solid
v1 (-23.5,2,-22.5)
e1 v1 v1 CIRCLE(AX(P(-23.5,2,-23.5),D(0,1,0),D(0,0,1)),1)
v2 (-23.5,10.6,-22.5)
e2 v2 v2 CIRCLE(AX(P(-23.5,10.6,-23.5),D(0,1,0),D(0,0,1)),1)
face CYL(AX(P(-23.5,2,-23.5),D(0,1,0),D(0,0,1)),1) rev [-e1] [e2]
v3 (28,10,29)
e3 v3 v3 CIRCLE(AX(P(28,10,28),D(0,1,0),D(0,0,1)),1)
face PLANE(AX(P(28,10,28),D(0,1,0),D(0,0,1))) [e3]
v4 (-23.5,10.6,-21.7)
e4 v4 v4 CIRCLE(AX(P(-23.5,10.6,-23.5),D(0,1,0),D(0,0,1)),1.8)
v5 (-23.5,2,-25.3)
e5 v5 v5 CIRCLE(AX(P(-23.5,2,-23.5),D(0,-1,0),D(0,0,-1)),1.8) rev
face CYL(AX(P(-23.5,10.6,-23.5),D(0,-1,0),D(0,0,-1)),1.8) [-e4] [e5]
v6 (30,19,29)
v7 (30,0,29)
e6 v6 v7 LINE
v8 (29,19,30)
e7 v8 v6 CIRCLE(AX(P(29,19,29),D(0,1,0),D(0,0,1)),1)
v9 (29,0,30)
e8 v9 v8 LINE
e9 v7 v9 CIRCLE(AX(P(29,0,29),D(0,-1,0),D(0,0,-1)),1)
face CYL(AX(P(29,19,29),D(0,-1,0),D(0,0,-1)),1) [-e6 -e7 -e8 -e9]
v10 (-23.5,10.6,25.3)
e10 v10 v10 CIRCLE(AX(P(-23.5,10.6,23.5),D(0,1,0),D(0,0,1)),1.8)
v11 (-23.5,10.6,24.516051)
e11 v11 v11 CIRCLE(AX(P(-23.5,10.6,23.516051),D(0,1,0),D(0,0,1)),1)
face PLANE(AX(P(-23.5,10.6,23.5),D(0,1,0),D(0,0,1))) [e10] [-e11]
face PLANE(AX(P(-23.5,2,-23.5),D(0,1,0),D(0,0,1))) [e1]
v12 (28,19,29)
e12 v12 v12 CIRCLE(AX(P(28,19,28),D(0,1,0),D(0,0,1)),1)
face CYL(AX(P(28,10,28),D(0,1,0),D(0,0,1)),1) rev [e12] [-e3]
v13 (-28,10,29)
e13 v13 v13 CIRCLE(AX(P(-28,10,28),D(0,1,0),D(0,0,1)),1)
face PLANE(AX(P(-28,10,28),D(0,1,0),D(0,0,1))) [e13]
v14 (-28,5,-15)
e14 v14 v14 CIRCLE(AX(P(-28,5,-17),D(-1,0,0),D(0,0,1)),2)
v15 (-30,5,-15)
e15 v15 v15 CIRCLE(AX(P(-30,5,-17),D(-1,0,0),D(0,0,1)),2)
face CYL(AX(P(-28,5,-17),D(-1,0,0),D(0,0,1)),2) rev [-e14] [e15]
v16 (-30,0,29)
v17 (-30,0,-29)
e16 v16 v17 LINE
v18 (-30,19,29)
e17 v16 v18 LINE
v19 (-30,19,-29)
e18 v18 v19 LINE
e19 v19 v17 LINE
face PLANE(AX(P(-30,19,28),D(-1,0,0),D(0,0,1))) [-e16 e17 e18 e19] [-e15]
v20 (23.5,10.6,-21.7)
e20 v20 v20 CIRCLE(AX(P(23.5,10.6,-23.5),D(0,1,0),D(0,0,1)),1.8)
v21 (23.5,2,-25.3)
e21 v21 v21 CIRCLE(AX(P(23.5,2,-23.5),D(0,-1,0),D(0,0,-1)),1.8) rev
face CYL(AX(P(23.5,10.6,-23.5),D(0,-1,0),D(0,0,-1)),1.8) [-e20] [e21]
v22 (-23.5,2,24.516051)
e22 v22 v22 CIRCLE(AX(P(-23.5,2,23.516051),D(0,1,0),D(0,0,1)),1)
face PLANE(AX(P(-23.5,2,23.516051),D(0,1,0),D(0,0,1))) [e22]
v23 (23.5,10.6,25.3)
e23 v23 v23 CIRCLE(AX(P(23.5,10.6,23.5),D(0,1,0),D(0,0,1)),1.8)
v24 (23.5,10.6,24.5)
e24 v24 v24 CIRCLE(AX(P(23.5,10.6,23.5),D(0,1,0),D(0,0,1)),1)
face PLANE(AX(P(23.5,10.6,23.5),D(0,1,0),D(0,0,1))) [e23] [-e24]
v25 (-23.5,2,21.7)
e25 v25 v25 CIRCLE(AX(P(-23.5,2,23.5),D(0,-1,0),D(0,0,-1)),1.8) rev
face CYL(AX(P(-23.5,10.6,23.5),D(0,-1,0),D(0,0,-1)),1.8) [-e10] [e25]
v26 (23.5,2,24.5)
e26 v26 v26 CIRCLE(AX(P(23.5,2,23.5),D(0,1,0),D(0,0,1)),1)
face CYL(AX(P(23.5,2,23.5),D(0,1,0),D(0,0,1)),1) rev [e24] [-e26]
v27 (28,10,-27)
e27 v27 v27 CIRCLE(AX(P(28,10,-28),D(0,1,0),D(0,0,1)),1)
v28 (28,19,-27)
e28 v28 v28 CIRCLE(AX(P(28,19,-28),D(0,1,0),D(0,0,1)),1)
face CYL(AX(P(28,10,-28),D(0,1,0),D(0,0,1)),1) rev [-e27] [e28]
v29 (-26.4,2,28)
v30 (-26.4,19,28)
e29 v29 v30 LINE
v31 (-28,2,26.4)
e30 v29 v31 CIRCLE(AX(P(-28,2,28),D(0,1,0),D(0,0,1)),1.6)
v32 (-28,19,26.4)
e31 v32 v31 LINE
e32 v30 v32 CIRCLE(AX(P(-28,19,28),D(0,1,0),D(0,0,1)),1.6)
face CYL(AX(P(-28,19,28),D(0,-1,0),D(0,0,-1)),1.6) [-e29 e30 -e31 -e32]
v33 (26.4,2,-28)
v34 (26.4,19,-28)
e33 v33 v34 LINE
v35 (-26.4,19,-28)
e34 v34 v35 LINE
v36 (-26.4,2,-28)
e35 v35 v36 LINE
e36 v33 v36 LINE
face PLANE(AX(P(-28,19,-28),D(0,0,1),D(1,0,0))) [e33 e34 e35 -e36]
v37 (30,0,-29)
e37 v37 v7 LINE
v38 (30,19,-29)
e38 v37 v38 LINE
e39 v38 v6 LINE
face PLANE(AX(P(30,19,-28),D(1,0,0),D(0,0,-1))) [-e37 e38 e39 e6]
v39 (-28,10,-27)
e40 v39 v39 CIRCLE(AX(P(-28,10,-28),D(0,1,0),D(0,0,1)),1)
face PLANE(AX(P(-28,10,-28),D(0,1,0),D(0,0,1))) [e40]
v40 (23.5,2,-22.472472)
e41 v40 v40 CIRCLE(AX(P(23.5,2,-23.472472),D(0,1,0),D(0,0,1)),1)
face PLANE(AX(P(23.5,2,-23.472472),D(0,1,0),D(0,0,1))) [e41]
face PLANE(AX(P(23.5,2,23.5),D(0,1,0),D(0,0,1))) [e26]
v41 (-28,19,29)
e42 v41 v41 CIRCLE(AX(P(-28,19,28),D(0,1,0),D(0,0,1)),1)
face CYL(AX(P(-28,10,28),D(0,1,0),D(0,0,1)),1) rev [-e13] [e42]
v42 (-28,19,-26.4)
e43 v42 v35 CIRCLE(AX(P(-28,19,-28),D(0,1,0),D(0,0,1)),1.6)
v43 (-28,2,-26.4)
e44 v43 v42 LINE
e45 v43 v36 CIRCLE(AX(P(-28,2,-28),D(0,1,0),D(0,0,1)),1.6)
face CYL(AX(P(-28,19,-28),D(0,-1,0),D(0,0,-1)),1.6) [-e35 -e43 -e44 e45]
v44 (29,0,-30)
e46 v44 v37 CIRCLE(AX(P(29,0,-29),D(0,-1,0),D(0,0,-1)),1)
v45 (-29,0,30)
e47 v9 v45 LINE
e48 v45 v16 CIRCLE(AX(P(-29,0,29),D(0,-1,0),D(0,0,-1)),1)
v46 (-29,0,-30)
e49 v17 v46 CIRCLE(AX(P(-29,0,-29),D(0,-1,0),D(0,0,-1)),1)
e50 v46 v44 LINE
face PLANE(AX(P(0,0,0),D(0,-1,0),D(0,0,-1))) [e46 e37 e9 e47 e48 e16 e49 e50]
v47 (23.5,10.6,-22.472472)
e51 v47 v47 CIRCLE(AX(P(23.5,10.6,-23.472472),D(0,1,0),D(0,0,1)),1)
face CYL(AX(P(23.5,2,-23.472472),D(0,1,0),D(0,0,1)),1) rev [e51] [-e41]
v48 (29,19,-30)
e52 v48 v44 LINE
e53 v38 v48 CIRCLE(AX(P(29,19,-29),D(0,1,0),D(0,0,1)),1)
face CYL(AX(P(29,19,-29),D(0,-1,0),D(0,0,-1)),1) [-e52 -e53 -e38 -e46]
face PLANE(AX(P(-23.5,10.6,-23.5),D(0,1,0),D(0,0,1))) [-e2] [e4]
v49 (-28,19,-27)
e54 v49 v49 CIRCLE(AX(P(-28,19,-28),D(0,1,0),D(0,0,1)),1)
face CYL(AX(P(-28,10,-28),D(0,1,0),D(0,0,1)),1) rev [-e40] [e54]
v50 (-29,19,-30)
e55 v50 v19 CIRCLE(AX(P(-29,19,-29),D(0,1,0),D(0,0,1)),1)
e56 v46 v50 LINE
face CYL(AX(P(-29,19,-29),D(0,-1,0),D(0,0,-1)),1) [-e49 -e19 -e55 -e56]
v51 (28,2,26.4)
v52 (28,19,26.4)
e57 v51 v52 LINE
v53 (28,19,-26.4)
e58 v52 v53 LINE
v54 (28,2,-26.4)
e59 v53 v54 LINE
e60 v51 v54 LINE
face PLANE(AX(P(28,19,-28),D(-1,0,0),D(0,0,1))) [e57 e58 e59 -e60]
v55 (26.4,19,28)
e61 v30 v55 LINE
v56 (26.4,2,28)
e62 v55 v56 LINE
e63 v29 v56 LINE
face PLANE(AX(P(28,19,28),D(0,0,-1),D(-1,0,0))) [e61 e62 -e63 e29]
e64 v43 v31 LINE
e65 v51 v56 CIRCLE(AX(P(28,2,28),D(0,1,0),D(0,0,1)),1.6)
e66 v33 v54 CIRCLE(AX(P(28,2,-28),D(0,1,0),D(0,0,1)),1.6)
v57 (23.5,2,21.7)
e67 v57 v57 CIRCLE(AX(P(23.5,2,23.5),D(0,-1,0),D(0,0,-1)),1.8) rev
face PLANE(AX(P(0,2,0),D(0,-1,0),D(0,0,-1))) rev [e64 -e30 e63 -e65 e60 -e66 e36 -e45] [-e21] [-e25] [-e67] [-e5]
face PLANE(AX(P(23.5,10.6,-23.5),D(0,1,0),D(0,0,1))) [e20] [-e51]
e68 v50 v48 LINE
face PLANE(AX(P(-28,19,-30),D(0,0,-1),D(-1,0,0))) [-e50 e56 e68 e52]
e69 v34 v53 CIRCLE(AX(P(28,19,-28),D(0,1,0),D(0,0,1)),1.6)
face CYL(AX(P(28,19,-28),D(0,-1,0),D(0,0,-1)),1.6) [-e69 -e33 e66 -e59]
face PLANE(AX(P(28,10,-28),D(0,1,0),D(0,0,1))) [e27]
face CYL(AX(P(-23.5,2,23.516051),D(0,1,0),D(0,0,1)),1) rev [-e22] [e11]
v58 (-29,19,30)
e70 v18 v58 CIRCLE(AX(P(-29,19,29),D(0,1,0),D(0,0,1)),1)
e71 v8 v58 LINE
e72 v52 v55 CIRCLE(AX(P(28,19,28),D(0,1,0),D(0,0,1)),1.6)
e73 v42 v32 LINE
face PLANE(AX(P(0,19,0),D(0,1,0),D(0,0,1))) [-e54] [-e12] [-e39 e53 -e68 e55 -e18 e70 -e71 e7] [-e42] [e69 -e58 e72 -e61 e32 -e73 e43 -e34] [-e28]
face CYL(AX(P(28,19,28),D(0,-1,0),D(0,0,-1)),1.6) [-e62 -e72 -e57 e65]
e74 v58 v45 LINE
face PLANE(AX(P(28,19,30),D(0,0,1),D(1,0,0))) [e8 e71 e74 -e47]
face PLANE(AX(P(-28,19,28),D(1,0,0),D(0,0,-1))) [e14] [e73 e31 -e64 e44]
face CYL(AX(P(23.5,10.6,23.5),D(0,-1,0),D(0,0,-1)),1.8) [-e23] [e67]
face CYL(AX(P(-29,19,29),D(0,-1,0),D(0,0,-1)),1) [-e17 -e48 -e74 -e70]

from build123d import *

# Parameters (mm, degrees)
SKETCH_1_W          = 56
SKETCH_1_H          = 56
EXTRUDE_1_DEPTH     = 2
SKETCH_2_R          = 1.8
EXTRUDE_2_DEPTH     = 8.6
SKETCH_3_R          = 1
CUT_EXTRUDE_1_DEPTH = 8.6
SKETCH_5_W          = 58
SKETCH_5_H          = 2
EXTRUDE_3_DEPTH     = 19
SKETCH_6_W          = 2
SKETCH_6_H          = 58
EXTRUDE_4_DEPTH     = 19
SKETCH_7_W          = 58
SKETCH_7_H          = 2
EXTRUDE_5_DEPTH     = 19
SKETCH_8_W          = 2
SKETCH_8_H          = 58
EXTRUDE_6_DEPTH     = 19
SKETCH_9_R          = 2
CUT_EXTRUDE_2_DEPTH = 2
SKETCH_10_R         = 1.6
EXTRUDE_7_DEPTH     = 17
SKETCH_11_R         = 1
CUT_EXTRUDE_3_DEPTH = 9
FILLET_1_R          = 1


with BuildPart() as part:
    # Эскиз1 → Бобышка-Вытянуть1 (new body)
    with BuildSketch(Plane(origin=(0, 0, 0), x_dir=(1, 0, 0), z_dir=(0, 1, 0))):
        Rectangle(SKETCH_1_W, SKETCH_1_H)
    extrude(amount=EXTRUDE_1_DEPTH)

    # Эскиз2 → Бобышка-Вытянуть2 (add)
    with BuildSketch(Plane(origin=(0, 2, 0), x_dir=(1, 0, 0), z_dir=(0, 1, 0))):
        with Locations((-23.5, -23.5)):
            Circle(SKETCH_2_R)
        with Locations((-23.5, 23.5)):
            Circle(SKETCH_2_R)
        with Locations((23.5, 23.5)):
            Circle(SKETCH_2_R)
        with Locations((23.5, -23.5)):
            Circle(SKETCH_2_R)
    extrude(amount=EXTRUDE_2_DEPTH)

    # Эскиз3 → Вырез-Вытянуть1 (cut)
    with BuildSketch(Plane(origin=(0, 10.6, 0), x_dir=(1, 0, 0), z_dir=(0, 1, 0))):
        with Locations((-23.5, 23.5)):
            Circle(SKETCH_3_R)
        with Locations((23.5, 23.4724717)):
            Circle(SKETCH_3_R)
        with Locations((23.5, -23.5)):
            Circle(SKETCH_3_R)
        with Locations((-23.5, -23.516051304)):
            Circle(SKETCH_3_R)
    extrude(amount=-CUT_EXTRUDE_1_DEPTH, mode=Mode.SUBTRACT)



with BuildPart() as body_2:
    # Эскиз5 → Бобышка-Вытянуть3 (new body)
    with BuildSketch(Plane.XZ):
        with Locations((1, -29)):
            Rectangle(SKETCH_5_W, SKETCH_5_H)
    extrude(amount=-EXTRUDE_3_DEPTH)


with BuildPart() as part_1:
    add(part.part)

    add(body_2.part)  # Бобышка-Вытянуть4 merges body 2
    # Эскиз6 → Бобышка-Вытянуть4 (add)
    with BuildSketch(Plane.XZ):
        with Locations((29, 1)):
            Rectangle(SKETCH_6_W, SKETCH_6_H)
    extrude(amount=-EXTRUDE_4_DEPTH)



with BuildPart() as body_2_2:
    # Эскиз7 → Бобышка-Вытянуть5 (new body)
    with BuildSketch(Plane.XZ):
        with Locations((-1, 29)):
            Rectangle(SKETCH_7_W, SKETCH_7_H)
    extrude(amount=-EXTRUDE_5_DEPTH)


with BuildPart() as part_2:
    add(part_1.part)

    add(body_2_2.part)  # Бобышка-Вытянуть6 merges body 2 2
    # Эскиз8 → Бобышка-Вытянуть6 (add)
    with BuildSketch(Plane.XZ):
        with Locations((-29, -1)):
            Rectangle(SKETCH_8_W, SKETCH_8_H)
    extrude(amount=-EXTRUDE_6_DEPTH)

    # Эскиз9 → Вырез-Вытянуть2 (cut)
    with BuildSketch(Plane.ZY.offset(30)):
        with Locations((-17, 5)):
            Circle(SKETCH_9_R)
    extrude(amount=-CUT_EXTRUDE_2_DEPTH, mode=Mode.SUBTRACT)

    # Эскиз10 → Бобышка-Вытянуть7 (add)
    with BuildSketch(Plane(origin=(0, 2, 0), x_dir=(1, 0, 0), z_dir=(0, 1, 0))):
        with Locations((-28, 28)):
            Circle(SKETCH_10_R)
        with Locations((28, 28)):
            Circle(SKETCH_10_R)
        with Locations((28, -28)):
            Circle(SKETCH_10_R)
        with Locations((-28, -28)):
            Circle(SKETCH_10_R)
    extrude(amount=EXTRUDE_7_DEPTH)

    # Эскиз11 → Вырез-Вытянуть3 (cut)
    with BuildSketch(Plane(origin=(0, 19, 0), x_dir=(1, 0, 0), z_dir=(0, 1, 0))):
        with Locations((-28, 28)):
            Circle(SKETCH_11_R)
        with Locations((28, 28)):
            Circle(SKETCH_11_R)
        with Locations((-28, -28)):
            Circle(SKETCH_11_R)
        with Locations((28, -28)):
            Circle(SKETCH_11_R)
    extrude(amount=-CUT_EXTRUDE_3_DEPTH, mode=Mode.SUBTRACT)

    # Скругление1
    fillet_1_edges = [part_2.edges().sort_by_distance(p)[0] for p in [
        (-30, 9.5, 30),
        (30, 9.5, 30),
        (30, 9.5, -30),
        (-30, 9.5, -30),
    ]]
    fillet(fillet_1_edges, radius=FILLET_1_R)


solid = part_2.part
